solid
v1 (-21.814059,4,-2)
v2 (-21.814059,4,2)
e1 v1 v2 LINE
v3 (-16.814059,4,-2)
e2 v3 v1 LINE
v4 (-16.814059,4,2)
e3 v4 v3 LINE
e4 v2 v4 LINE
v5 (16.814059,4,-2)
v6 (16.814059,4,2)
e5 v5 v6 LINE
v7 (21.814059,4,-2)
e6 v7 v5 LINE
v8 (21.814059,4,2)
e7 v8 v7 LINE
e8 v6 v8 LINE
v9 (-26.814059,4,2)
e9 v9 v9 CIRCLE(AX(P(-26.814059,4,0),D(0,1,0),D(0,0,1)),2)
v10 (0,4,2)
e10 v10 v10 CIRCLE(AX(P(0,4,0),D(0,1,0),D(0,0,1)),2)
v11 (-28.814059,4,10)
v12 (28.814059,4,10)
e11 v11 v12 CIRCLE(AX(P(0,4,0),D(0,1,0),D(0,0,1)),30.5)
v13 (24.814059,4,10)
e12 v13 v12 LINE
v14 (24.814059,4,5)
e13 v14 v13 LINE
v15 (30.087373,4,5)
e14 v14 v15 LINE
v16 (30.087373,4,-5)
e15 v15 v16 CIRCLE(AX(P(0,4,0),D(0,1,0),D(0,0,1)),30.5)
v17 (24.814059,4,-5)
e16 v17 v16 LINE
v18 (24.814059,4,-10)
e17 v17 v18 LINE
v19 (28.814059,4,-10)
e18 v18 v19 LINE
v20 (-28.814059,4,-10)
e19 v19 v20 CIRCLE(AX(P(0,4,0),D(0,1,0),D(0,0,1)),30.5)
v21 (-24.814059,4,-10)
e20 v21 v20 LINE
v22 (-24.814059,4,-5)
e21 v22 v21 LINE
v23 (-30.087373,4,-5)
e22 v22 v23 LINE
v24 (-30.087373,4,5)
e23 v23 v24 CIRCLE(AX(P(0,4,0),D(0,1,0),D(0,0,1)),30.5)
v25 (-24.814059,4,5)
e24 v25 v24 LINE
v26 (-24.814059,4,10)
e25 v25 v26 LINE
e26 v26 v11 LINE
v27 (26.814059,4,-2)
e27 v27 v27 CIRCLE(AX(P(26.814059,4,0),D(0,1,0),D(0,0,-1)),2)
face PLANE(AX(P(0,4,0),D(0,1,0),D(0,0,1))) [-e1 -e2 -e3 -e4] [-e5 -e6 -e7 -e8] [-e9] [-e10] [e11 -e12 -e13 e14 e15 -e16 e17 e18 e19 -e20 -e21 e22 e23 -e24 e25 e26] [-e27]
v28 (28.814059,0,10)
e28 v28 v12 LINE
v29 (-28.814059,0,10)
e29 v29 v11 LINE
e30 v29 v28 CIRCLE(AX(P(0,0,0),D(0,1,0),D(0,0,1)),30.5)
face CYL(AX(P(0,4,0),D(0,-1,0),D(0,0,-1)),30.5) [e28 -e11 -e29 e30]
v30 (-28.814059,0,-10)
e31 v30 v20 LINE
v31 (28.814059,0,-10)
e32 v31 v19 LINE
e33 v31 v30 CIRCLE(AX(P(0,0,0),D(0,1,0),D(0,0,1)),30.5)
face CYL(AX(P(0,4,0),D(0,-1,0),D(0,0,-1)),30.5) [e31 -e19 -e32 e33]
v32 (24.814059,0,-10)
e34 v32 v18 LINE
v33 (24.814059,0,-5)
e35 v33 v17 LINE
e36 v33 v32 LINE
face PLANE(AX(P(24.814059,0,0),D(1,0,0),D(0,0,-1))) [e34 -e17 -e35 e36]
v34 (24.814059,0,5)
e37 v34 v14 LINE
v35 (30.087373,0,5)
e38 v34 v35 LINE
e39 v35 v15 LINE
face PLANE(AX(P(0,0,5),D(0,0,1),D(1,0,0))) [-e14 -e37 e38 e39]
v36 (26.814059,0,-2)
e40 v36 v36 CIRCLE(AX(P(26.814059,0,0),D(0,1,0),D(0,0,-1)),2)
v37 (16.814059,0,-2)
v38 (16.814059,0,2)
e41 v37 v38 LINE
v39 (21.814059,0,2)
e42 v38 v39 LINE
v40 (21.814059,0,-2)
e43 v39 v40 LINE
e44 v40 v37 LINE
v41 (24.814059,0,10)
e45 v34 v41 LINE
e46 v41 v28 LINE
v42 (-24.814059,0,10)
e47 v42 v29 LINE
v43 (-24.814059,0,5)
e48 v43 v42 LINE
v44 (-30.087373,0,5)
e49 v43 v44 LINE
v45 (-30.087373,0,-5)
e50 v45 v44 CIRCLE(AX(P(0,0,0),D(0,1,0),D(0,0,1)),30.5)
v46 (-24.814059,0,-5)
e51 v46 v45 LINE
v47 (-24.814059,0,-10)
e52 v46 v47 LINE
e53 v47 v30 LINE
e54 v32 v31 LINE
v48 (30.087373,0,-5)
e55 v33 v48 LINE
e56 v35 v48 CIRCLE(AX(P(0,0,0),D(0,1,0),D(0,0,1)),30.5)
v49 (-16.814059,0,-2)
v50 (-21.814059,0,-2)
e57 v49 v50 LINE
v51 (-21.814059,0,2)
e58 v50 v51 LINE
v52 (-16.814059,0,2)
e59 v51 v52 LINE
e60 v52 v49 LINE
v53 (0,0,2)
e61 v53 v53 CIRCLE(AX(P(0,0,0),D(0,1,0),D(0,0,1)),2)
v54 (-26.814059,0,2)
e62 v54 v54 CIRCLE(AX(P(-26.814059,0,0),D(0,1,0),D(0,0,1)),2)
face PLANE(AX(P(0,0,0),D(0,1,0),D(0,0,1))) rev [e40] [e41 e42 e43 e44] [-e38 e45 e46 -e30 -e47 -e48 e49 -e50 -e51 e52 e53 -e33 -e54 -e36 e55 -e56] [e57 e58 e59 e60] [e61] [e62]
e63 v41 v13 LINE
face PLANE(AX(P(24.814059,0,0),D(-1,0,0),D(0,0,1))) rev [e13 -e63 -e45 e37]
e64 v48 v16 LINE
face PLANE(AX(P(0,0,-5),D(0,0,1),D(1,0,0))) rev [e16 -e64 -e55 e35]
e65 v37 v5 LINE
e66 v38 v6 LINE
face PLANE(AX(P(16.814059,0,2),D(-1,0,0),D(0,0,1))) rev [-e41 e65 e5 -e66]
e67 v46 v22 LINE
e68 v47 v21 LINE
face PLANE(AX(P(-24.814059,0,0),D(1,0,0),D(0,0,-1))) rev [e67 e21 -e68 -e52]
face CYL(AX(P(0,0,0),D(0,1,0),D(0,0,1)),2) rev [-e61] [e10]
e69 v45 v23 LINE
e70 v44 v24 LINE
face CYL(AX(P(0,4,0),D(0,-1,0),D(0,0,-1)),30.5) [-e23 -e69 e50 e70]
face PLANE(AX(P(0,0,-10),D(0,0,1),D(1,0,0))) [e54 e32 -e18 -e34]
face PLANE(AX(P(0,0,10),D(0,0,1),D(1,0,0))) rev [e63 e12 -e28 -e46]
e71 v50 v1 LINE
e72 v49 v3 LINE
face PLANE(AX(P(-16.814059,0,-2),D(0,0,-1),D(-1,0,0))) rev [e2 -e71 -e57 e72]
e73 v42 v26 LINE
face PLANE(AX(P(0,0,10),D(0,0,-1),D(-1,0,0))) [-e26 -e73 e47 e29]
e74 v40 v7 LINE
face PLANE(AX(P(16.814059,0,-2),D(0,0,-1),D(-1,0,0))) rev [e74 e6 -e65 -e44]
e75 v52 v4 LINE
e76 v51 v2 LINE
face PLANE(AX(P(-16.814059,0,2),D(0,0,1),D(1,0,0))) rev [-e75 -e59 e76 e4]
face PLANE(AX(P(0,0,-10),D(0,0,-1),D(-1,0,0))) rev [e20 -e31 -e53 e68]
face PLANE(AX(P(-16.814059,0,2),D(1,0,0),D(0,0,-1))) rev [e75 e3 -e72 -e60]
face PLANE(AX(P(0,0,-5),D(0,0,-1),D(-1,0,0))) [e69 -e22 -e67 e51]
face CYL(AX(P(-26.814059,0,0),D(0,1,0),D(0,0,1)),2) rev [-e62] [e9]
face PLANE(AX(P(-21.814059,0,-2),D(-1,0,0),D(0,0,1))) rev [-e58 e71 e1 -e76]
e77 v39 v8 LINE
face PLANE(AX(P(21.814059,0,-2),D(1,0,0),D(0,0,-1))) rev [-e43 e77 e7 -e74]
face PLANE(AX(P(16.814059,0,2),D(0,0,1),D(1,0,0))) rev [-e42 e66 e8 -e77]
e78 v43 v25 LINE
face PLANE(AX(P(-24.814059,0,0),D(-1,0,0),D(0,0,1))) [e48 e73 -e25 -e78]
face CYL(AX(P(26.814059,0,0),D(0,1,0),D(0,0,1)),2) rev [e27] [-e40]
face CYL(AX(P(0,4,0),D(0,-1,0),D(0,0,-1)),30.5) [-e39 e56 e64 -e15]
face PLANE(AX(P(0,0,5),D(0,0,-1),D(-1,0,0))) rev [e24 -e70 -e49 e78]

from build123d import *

# Parameters (mm, degrees)
CROQUIS1_R              = 30.5
SALIENTE_EXTRUIR1_DEPTH = 4
CROQUIS2_R              = 2
CORTAR_EXTRUIR1_DEPTH   = 4
CORTAR_EXTRUIR3_START   = -4
CORTAR_EXTRUIR3_DEPTH   = 4
CROQUIS6_W              = 5
CROQUIS6_H              = 4
CORTAR_EXTRUIR4_DEPTH   = 4
CROQUIS7_R              = 2
CORTAR_EXTRUIR5_DEPTH   = 4


with BuildPart() as part:
    # Croquis1 → Saliente-Extruir1 (new body)
    with BuildSketch(Plane(origin=(0, 0, 0), x_dir=(1, 0, 0), z_dir=(0, 1, 0))):
        with Locations(Location((0, 0, 0), (0, 0, 270))):
            Circle(CROQUIS1_R)
    extrude(amount=SALIENTE_EXTRUIR1_DEPTH)

    # Croquis2 → Cortar-Extruir1 (cut)
    with BuildSketch(Plane(origin=(0, 4, 0), x_dir=(1, 0, 0), z_dir=(0, 1, 0))):
        with Locations(Location((0, 0, 0), (0, 0, 270))):
            Circle(CROQUIS2_R)
    extrude(amount=-CORTAR_EXTRUIR1_DEPTH, mode=Mode.SUBTRACT)

    # Croquis5 → Cortar-Extruir3 (cut)
    with BuildSketch(Plane(origin=(0, 4, 0), x_dir=(1, 0, 0), z_dir=(0, 1, 0)).offset(CORTAR_EXTRUIR3_START)):
        with BuildLine():
            Line((28.814059068, 5), (30.087372767, 5))
            ThreePointArc((30.087372767, 5), (29.556634924, 7.526973624), (28.814059068, 10))
            Line((28.814059068, 10), (24.814059068, 10))
            Line((24.814059068, 10), (24.814059068, 5))
            Line((24.814059068, 5), (28.814059068, 5))
        make_face()
        with BuildLine():
            Line((30.087372767, -5), (28.814059068, -5))
            Line((28.814059068, -5), (24.814059068, -5))
            Line((24.814059068, -5), (24.814059068, -10))
            Line((24.814059068, -10), (28.814059068, -10))
            ThreePointArc((28.814059068, -10), (29.556634924, -7.526973624), (30.087372767, -5))
        make_face()
        with BuildLine():
            Line((-24.814059068, 5), (-24.814059068, 10))
            Line((-24.814059068, 10), (-28.814059068, 10))
            ThreePointArc((-28.814059068, 10), (-29.556634924, 7.526973624), (-30.087372767, 5))
            Line((-30.087372767, 5), (-28.814059068, 5))
            Line((-28.814059068, 5), (-24.814059068, 5))
        make_face()
        with BuildLine():
            Line((-28.814059068, -10), (-24.814059068, -10))
            Line((-24.814059068, -10), (-24.814059068, -5))
            Line((-24.814059068, -5), (-28.814059068, -5))
            Line((-28.814059068, -5), (-30.087372767, -5))
            ThreePointArc((-30.087372767, -5), (-29.556634924, -7.526973624), (-28.814059068, -10))
        make_face()
    extrude(amount=CORTAR_EXTRUIR3_DEPTH, mode=Mode.SUBTRACT)

    # Croquis6 → Cortar-Extruir4 (cut)
    with BuildSketch(Plane(origin=(0, 4, 0), x_dir=(1, 0, 0), z_dir=(0, 1, 0))):
        with Locations((-19.314059068, 0)):
            Rectangle(CROQUIS6_W, CROQUIS6_H)
        with Locations((19.314059068, 0)):
            Rectangle(CROQUIS6_W, CROQUIS6_H)
    extrude(amount=-CORTAR_EXTRUIR4_DEPTH, mode=Mode.SUBTRACT)

    # Croquis7 → Cortar-Extruir5 (cut)
    with BuildSketch(Plane(origin=(0, 4, 0), x_dir=(1, 0, 0), z_dir=(0, 1, 0))):
        with Locations(Location((-26.814059068, 0, 0), (0, 0, 270))):
            Circle(CROQUIS7_R)
        with Locations(Location((26.814059068, 0, 0), (0, 0, 90))):
            Circle(CROQUIS7_R)
    extrude(amount=-CORTAR_EXTRUIR5_DEPTH, mode=Mode.SUBTRACT)


solid = part.part
